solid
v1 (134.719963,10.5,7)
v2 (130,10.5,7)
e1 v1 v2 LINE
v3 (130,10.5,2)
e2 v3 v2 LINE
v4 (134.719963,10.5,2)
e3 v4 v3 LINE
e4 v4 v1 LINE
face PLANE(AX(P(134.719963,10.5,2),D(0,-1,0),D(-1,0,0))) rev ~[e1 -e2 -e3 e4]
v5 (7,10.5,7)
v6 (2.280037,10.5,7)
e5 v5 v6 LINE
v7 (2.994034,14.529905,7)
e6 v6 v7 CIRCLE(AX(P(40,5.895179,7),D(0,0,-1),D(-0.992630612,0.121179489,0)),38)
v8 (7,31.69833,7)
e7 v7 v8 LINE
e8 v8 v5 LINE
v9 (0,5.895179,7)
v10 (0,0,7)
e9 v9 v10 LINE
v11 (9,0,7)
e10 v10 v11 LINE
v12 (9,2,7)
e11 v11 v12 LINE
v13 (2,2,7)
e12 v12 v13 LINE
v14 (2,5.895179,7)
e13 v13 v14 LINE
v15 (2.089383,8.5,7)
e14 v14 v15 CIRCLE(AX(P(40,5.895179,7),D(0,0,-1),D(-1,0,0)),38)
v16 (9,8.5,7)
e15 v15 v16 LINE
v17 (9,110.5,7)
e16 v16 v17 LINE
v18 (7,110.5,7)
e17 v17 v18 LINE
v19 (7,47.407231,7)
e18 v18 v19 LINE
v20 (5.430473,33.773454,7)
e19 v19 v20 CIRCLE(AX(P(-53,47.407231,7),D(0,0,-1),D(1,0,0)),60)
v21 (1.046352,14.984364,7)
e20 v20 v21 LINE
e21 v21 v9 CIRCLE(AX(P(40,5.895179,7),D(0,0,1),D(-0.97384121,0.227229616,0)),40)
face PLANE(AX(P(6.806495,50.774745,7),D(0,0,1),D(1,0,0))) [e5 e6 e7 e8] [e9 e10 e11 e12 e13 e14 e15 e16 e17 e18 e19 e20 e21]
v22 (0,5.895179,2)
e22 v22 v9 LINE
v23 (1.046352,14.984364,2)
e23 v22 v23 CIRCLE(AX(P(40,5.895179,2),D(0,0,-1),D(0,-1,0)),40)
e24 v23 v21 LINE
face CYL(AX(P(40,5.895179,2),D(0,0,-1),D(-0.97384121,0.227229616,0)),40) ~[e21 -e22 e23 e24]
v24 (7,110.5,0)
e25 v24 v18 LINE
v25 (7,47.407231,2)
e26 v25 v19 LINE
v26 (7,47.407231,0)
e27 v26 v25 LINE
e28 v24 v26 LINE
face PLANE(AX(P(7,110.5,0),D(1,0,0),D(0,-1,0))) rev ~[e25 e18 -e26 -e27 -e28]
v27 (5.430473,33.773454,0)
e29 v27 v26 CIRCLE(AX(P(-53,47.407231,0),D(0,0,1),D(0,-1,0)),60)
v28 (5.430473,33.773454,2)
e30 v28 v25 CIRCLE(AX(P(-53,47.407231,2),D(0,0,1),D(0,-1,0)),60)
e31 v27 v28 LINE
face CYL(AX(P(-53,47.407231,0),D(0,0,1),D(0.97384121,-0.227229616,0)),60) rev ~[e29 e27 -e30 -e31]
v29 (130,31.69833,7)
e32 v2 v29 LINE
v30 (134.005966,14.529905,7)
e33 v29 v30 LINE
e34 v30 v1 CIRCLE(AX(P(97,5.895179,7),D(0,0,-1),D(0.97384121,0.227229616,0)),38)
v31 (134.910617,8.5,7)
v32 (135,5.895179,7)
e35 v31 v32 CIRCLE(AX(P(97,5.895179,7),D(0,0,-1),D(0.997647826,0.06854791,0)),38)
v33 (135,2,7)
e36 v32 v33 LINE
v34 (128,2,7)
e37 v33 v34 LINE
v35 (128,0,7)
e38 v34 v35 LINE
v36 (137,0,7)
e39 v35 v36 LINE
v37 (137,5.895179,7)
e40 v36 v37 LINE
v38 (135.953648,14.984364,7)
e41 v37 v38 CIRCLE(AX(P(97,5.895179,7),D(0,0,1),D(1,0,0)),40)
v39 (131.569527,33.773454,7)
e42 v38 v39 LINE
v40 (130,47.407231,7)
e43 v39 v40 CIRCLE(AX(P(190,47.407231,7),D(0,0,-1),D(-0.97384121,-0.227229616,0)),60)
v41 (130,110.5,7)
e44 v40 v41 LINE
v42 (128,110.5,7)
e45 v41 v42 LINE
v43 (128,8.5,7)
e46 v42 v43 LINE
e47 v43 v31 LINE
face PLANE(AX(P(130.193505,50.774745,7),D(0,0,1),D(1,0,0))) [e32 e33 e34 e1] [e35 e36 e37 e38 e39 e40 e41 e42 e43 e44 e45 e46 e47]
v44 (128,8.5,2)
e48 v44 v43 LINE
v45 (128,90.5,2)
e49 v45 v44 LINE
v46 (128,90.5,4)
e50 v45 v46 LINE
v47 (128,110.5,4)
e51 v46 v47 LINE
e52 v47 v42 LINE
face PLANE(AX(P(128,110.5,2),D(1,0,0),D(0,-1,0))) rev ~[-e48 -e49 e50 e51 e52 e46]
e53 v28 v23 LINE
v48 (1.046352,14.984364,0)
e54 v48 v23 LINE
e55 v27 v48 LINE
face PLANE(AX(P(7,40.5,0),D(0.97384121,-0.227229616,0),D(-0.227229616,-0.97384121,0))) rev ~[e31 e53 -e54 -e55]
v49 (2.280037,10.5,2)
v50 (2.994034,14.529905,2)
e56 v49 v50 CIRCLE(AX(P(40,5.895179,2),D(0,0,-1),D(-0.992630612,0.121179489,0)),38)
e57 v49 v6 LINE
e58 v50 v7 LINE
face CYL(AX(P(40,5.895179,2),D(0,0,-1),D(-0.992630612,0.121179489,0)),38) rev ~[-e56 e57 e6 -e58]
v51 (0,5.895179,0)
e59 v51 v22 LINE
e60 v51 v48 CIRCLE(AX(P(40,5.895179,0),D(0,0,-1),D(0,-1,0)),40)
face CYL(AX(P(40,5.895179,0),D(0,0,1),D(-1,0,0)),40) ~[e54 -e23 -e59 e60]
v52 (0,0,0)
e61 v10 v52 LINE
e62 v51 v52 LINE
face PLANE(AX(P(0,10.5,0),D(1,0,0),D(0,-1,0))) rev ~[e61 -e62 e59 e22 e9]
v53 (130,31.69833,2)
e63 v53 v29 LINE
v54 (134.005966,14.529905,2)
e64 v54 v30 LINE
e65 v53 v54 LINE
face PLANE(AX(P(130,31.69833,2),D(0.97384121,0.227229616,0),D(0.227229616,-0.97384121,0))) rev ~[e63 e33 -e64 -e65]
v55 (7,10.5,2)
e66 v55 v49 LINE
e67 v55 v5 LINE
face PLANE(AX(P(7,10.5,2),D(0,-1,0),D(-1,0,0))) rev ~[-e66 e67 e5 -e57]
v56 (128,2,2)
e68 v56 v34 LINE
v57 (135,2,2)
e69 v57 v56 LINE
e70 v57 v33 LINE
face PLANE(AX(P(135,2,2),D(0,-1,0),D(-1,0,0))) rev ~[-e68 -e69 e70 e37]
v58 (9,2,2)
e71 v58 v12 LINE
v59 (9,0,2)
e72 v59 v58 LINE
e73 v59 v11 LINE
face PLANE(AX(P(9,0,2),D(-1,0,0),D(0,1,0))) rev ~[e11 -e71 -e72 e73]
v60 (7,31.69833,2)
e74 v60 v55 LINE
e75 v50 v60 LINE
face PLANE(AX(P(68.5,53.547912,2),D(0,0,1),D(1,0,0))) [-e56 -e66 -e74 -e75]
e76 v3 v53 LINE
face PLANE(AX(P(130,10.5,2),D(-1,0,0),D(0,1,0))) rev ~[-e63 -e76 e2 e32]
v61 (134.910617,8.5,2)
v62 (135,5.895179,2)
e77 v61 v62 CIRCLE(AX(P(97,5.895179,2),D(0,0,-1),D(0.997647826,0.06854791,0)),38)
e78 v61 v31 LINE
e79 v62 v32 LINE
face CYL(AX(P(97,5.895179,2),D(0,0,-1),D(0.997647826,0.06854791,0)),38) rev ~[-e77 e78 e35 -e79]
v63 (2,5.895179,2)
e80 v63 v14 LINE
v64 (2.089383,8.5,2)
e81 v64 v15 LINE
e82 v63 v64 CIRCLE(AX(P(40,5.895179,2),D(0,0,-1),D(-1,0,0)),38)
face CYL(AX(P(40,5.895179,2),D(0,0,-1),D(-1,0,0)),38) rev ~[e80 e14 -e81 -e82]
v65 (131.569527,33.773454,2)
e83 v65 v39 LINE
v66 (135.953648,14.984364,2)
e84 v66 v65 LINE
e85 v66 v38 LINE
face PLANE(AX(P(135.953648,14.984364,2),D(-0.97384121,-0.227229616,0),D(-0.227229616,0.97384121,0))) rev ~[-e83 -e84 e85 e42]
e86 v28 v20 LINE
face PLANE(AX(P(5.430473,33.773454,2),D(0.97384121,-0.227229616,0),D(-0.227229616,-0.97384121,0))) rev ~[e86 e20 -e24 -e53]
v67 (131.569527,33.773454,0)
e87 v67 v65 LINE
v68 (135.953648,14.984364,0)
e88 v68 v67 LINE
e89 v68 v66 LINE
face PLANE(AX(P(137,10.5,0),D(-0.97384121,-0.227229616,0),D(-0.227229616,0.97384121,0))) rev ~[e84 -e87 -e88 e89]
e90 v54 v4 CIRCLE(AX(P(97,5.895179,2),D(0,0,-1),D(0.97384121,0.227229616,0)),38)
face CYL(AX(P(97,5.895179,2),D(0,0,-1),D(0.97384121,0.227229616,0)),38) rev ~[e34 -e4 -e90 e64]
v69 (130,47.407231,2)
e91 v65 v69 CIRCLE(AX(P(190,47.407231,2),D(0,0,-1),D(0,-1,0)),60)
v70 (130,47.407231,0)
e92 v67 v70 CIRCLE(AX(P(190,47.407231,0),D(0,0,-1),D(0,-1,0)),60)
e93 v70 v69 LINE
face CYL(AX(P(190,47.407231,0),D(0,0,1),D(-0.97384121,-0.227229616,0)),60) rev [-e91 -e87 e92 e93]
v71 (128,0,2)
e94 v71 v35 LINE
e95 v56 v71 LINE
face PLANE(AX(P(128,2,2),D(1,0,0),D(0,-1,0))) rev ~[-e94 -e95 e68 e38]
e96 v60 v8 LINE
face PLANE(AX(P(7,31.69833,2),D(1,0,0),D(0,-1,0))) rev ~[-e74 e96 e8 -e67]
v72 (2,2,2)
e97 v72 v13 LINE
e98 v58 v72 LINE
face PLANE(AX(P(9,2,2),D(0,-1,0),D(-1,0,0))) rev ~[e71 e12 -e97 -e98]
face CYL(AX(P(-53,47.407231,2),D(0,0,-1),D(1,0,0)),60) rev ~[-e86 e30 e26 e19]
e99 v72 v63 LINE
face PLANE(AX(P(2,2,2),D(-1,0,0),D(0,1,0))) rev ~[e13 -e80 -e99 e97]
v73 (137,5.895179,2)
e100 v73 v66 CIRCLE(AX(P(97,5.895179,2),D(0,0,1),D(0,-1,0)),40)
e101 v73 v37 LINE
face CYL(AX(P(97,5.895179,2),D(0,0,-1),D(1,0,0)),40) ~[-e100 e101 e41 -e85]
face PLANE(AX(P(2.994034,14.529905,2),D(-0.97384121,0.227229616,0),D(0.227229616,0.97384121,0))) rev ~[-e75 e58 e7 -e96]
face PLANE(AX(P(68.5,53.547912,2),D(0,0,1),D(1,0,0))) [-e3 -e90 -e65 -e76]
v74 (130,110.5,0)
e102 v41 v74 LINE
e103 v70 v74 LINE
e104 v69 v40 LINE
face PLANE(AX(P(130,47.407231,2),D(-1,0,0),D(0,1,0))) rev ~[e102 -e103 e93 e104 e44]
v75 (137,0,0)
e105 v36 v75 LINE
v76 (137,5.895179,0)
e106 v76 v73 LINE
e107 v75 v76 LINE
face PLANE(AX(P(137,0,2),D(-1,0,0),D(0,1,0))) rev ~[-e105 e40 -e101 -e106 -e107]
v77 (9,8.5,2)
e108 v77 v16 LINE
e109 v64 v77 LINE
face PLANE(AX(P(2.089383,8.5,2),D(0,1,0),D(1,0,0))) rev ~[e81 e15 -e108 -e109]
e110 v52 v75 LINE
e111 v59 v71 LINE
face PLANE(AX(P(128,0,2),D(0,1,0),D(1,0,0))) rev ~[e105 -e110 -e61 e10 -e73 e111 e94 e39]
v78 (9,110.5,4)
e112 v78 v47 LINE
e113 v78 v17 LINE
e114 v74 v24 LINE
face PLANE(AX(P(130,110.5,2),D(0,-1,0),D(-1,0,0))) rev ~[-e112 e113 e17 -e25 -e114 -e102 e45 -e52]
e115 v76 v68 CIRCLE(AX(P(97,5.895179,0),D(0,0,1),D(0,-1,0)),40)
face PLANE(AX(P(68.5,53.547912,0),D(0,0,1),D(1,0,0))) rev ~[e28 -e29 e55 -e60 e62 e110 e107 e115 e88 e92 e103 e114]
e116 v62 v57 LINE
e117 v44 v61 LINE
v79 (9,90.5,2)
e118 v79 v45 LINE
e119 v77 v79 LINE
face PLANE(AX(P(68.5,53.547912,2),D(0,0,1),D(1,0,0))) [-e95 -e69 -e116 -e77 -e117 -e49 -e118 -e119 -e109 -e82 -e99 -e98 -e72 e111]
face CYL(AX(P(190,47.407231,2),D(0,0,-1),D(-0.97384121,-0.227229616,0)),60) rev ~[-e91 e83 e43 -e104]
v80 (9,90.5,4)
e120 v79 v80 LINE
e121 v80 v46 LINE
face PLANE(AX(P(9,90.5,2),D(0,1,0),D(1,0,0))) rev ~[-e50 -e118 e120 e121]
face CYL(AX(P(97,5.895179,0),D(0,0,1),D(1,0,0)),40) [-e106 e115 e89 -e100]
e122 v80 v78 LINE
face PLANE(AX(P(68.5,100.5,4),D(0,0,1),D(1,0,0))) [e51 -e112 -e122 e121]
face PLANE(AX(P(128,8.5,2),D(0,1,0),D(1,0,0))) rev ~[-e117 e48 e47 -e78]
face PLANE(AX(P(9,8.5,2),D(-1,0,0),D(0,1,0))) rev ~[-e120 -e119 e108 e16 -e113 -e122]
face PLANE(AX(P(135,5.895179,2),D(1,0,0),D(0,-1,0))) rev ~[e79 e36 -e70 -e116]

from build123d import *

# Parameters (mm, degrees)
F1_DEPTH = 2
F2_R     = 40
F3_R     = 60
F5_DEPTH = 5
F6_W     = 119
F6_H     = 20
F7_DEPTH = 2


with BuildPart() as f1:
    # F0 (on Top) → F1 (new body)
    with BuildSketch(Plane.XY):
        Polygon((0, 10.5), (0, 0), (68.5, 0), (137, 0), (137, 10.5), (130, 40.5), (130, 110.5), (68.5, 110.5), (7, 110.5), (7, 40.5), align=None)
    extrude(amount=F1_DEPTH)

    # F2
    f2_edges = [f1.edges().sort_by_distance(p)[0] for p in [
        (137, 10.5, 1),
        (0, 10.5, 1),
    ]]
    fillet(f2_edges, radius=F2_R)

    # F3
    f3_edges = [f1.edges().sort_by_distance(p)[0] for p in [
        (7, 40.5, 1),
        (130, 40.5, 1),
    ]]
    fillet(f3_edges, radius=F3_R)

    # F4 (on face) → F5 (join)
    with BuildSketch(Plane.XY.offset(2)):
        with BuildLine():
            Line((130, 110.5), (128, 110.5))
            Line((128, 110.5), (128, 47.40723087))
            Line((128, 47.40723087), (128, 8.5))
            Line((128, 8.5), (134.9106173749, 8.5))
            ThreePointArc((134.9106173749, 8.5), (134.9776477697, 7.1983562602), (135, 5.89517942))
            Line((135, 5.89517942), (135, 2))
            Line((135, 2), (128, 2))
            Line((128, 2), (128, 0))
            Line((128, 0), (137, 0))
            Line((137, 0), (137, 5.89517942))
            ThreePointArc((137, 5.89517942), (136.7375511046, 10.4697867481), (135.9536483897, 14.9843640443))
            Line((135.9536483897, 14.9843640443), (131.5695274155, 33.7734539336))
            ThreePointArc((131.5695274155, 33.7734539336), (130.393673343, 40.5453198778), (130, 47.40723087))
            Line((130, 47.40723087), (130, 110.5))
        make_face()
        with BuildLine():
            Line((134.7199632479, 10.5), (130, 10.5))
            Line((130, 10.5), (130, 31.6983303996))
            Line((130, 31.6983303996), (134.0059659702, 14.5299048131))
            ThreePointArc((134.0059659702, 14.5299048131), (134.4172574834, 12.5245717316), (134.7199632479, 10.5))
        make_face(mode=Mode.SUBTRACT)
        with BuildLine():
            Line((9, 8.5), (9, 47.40723087))
            Line((9, 47.40723087), (9, 110.5))
            Line((9, 110.5), (7, 110.5))
            Line((7, 110.5), (7, 47.40723087))
            ThreePointArc((7, 47.40723087), (6.606326657, 40.5453198778), (5.4304725845, 33.7734539336))
            Line((5.4304725845, 33.7734539336), (1.0463516103, 14.9843640443))
            ThreePointArc((1.0463516103, 14.9843640443), (0.2624488954, 10.4697867481), (0, 5.89517942))
            Line((0, 5.89517942), (0, 0))
            Line((0, 0), (9, 0))
            Line((9, 0), (9, 2))
            Line((9, 2), (2, 2))
            Line((2, 2), (2, 5.89517942))
            ThreePointArc((2, 5.89517942), (2.0223522303, 7.1983562602), (2.0893826251, 8.5))
            Line((2.0893826251, 8.5), (9, 8.5))
        make_face()
        with BuildLine():
            ThreePointArc((2.2800367521, 10.5), (2.5827425166, 12.5245717316), (2.9940340298, 14.5299048131))
            Line((2.9940340298, 14.5299048131), (7, 31.6983303996))
            Line((7, 31.6983303996), (7, 10.5))
            Line((7, 10.5), (2.2800367521, 10.5))
        make_face(mode=Mode.SUBTRACT)
    extrude(amount=F5_DEPTH)

    # F6 (on face) → F7 (join)
    with BuildSketch(Plane.XY.offset(2)):
        with Locations((68.5, 100.5)):
            Rectangle(F6_W, F6_H)
    extrude(amount=F7_DEPTH)


solid = f1.part
